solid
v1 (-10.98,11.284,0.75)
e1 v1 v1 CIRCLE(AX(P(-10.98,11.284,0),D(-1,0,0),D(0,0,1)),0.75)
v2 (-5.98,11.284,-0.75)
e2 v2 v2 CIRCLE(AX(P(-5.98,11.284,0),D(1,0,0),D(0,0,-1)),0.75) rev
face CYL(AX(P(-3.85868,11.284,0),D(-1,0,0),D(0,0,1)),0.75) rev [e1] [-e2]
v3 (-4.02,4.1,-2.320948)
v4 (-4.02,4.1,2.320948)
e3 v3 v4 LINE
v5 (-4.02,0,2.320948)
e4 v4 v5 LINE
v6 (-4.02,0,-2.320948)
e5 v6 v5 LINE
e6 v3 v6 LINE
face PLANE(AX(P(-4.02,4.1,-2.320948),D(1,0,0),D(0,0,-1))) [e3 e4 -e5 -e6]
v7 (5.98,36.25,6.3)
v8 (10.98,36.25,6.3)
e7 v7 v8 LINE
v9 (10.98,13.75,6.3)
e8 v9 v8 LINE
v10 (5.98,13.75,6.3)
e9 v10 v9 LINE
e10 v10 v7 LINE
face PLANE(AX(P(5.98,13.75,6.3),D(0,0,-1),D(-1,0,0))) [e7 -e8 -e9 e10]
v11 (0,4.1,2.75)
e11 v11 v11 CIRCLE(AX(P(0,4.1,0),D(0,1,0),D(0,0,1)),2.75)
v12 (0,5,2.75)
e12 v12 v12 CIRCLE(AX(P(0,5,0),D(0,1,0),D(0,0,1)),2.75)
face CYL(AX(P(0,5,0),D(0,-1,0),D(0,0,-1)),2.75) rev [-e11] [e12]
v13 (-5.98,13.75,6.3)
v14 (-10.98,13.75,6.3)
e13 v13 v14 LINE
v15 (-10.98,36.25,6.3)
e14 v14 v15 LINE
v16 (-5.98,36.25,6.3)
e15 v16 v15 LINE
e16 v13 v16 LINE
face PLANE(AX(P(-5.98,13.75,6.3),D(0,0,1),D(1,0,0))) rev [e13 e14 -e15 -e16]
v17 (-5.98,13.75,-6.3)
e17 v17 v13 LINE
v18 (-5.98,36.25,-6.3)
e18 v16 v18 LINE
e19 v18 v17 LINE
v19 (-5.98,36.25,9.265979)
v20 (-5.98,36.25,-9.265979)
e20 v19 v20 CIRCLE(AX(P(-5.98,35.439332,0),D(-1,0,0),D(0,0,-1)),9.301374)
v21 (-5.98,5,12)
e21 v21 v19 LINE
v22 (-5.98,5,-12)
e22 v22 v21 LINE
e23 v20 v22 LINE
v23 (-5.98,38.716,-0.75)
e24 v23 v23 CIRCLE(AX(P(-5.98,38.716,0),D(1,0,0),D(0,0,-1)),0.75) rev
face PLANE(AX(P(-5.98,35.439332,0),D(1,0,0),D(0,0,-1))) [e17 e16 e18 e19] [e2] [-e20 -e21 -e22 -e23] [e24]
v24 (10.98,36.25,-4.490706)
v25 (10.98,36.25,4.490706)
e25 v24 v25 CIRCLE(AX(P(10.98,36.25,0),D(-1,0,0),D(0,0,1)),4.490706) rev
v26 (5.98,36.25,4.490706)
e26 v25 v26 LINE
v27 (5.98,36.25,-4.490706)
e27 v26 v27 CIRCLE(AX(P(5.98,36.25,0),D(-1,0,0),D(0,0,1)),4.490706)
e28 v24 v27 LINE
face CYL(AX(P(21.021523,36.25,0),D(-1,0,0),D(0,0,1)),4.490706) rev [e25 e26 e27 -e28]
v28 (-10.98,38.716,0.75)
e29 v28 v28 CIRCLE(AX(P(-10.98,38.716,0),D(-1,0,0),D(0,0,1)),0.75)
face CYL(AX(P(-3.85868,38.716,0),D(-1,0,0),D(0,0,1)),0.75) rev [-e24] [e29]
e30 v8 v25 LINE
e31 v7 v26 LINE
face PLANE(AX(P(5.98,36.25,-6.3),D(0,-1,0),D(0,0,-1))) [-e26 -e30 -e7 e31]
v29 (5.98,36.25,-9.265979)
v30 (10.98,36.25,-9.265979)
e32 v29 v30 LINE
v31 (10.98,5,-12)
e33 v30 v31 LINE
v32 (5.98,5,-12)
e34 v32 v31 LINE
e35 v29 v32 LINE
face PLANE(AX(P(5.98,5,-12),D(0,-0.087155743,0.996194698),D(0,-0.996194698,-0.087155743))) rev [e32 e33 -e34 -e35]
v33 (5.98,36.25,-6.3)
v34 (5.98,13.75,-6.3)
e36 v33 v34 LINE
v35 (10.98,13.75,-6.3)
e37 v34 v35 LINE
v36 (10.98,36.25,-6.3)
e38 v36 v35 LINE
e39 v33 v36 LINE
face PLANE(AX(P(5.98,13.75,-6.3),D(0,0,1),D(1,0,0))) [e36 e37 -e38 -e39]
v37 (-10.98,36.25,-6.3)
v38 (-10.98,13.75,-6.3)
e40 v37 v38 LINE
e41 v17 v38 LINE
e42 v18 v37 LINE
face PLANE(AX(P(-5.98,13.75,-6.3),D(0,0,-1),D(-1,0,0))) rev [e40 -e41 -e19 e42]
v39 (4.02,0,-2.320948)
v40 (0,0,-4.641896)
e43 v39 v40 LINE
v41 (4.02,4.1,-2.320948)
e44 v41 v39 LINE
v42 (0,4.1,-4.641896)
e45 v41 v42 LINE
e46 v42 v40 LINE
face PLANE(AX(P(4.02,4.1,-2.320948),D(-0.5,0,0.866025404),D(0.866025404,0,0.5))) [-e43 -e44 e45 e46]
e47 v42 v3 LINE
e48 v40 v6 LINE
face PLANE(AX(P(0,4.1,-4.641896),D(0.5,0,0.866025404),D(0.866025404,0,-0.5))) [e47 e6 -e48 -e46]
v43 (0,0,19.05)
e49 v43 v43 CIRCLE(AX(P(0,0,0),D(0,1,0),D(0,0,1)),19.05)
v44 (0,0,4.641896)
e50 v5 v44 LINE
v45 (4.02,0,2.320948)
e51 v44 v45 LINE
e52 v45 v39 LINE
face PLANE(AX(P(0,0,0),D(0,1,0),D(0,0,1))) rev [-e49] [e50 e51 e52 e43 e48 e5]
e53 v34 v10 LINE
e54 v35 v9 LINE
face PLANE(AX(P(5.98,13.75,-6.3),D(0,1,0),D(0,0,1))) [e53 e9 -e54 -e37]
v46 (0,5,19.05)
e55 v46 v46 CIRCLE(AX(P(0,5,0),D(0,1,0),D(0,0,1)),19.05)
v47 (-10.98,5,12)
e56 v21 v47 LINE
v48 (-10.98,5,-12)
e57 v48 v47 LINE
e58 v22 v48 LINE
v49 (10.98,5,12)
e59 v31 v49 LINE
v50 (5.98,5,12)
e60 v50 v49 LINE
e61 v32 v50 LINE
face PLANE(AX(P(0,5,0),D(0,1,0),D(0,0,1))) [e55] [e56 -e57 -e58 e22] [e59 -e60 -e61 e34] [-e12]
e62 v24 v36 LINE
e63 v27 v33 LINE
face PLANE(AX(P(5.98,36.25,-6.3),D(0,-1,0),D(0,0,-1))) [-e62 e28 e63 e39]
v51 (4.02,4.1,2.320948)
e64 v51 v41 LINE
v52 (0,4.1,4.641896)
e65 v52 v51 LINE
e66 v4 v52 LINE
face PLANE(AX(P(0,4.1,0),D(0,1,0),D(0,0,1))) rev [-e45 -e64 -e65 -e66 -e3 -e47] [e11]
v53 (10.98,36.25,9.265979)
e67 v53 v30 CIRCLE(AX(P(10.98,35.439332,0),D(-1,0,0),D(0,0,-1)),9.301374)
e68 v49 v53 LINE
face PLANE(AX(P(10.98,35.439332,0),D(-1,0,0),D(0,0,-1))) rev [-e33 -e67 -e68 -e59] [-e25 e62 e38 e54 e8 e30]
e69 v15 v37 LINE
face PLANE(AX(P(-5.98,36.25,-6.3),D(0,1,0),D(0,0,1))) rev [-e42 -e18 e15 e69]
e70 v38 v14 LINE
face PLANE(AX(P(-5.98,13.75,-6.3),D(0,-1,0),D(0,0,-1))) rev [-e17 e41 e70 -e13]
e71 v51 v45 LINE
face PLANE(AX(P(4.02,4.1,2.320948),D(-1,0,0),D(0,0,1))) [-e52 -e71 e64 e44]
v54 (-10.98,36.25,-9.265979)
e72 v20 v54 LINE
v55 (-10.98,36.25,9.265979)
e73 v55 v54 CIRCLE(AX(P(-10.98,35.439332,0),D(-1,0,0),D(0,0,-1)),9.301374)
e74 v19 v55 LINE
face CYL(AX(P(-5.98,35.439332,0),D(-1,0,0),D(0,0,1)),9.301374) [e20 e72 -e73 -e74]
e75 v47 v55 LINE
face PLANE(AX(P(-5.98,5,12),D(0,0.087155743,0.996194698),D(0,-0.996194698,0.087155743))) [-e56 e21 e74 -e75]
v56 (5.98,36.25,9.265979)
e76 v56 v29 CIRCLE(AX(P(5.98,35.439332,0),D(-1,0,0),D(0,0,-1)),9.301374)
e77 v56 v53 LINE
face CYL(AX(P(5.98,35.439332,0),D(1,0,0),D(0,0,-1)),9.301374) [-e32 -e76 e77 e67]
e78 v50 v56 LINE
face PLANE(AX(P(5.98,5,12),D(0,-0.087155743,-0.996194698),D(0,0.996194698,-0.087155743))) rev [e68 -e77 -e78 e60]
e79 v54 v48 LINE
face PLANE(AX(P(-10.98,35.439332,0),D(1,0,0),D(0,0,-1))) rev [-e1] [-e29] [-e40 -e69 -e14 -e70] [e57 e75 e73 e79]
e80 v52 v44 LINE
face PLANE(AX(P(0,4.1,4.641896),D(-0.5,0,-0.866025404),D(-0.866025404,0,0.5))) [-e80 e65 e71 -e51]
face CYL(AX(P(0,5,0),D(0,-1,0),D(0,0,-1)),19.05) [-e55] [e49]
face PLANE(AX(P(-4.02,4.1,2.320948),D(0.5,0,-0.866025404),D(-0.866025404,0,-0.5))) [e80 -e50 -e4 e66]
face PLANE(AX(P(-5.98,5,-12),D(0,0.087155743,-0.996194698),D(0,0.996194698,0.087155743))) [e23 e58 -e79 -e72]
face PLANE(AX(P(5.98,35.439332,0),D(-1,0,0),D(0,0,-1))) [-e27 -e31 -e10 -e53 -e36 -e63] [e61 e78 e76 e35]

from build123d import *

# Parameters (mm, degrees)
SKETCH1_R           = 19.05
SKETCH1_R_2         = 2.75
BOSS_EXTRUDE1_DEPTH = 5
CUT_EXTRUDE1_DEPTH  = 4.1
SKETCH5_W           = 12.6
SKETCH5_H           = 22.5
BOSS_EXTRUDE2_DEPTH = 5
SKETCH6_R           = 0.75
CUT_EXTRUDE2_DEPTH  = 5
CUT_EXTRUDE3_DEPTH  = 5


with BuildPart() as part:
    # Sketch1 → Boss-Extrude1 (new body)
    with BuildSketch(Plane(origin=(0, 0, 0), x_dir=(1, 0, 0), z_dir=(0, 1, 0))):
        Circle(SKETCH1_R)
        Circle(SKETCH1_R_2, mode=Mode.SUBTRACT)
    extrude(amount=BOSS_EXTRUDE1_DEPTH)

    # Sketch4 → Cut-Extrude1 (cut)
    with BuildSketch(Plane(origin=(0, 0, 0), x_dir=(1, 0, 0), z_dir=(0, 1, 0))):
        Polygon((0, 4.641896164), (-4.02, 2.320948082), (-4.02, -2.320948082), (0, -4.641896164), (4.02, -2.320948082), (4.02, 2.320948082), align=None)
    extrude(amount=CUT_EXTRUDE1_DEPTH, mode=Mode.SUBTRACT)

    # Sketch5 → Boss-Extrude2 (add)
    with BuildSketch(Plane.ZY.offset(10.98)):
        with BuildLine():
            Line((-12, 5), (12, 5))
            Line((12, 5), (9.265979265, 36.25))
            ThreePointArc((9.265979265, 36.25), (0, 44.740705658), (-9.265979265, 36.25))
            Line((-9.265979265, 36.25), (-12, 5))
        make_face()
        with Locations((0, 25)):
            Rectangle(SKETCH5_W, SKETCH5_H, mode=Mode.SUBTRACT)
    boss_extrude2 = extrude(amount=-BOSS_EXTRUDE2_DEPTH)

    # Mirror1: Boss-Extrude2 across plane
    add(boss_extrude2.mirror(Plane(origin=(0, 0, 0), x_dir=(0, 0, 1), z_dir=(1, 0, 0))))

    # Sketch6 → Cut-Extrude2 (cut)
    with BuildSketch(Plane.ZY.offset(10.98)):
        with Locations((0, 38.715999834)):
            Circle(SKETCH6_R)
        with Locations((0, 11.284000166)):
            Circle(SKETCH6_R)
    extrude(amount=-CUT_EXTRUDE2_DEPTH, mode=Mode.SUBTRACT)

    # Sketch7 → Cut-Extrude3 (cut)
    with BuildSketch(Plane.ZY.offset(-5.98)):
        with BuildLine():
            Line((-4.490705658, 36.25), (4.490705658, 36.25))
            ThreePointArc((4.490705658, 36.25), (0, 40.740705658), (-4.490705658, 36.25))
        make_face()
    extrude(amount=-CUT_EXTRUDE3_DEPTH, mode=Mode.SUBTRACT)


solid = part.part
